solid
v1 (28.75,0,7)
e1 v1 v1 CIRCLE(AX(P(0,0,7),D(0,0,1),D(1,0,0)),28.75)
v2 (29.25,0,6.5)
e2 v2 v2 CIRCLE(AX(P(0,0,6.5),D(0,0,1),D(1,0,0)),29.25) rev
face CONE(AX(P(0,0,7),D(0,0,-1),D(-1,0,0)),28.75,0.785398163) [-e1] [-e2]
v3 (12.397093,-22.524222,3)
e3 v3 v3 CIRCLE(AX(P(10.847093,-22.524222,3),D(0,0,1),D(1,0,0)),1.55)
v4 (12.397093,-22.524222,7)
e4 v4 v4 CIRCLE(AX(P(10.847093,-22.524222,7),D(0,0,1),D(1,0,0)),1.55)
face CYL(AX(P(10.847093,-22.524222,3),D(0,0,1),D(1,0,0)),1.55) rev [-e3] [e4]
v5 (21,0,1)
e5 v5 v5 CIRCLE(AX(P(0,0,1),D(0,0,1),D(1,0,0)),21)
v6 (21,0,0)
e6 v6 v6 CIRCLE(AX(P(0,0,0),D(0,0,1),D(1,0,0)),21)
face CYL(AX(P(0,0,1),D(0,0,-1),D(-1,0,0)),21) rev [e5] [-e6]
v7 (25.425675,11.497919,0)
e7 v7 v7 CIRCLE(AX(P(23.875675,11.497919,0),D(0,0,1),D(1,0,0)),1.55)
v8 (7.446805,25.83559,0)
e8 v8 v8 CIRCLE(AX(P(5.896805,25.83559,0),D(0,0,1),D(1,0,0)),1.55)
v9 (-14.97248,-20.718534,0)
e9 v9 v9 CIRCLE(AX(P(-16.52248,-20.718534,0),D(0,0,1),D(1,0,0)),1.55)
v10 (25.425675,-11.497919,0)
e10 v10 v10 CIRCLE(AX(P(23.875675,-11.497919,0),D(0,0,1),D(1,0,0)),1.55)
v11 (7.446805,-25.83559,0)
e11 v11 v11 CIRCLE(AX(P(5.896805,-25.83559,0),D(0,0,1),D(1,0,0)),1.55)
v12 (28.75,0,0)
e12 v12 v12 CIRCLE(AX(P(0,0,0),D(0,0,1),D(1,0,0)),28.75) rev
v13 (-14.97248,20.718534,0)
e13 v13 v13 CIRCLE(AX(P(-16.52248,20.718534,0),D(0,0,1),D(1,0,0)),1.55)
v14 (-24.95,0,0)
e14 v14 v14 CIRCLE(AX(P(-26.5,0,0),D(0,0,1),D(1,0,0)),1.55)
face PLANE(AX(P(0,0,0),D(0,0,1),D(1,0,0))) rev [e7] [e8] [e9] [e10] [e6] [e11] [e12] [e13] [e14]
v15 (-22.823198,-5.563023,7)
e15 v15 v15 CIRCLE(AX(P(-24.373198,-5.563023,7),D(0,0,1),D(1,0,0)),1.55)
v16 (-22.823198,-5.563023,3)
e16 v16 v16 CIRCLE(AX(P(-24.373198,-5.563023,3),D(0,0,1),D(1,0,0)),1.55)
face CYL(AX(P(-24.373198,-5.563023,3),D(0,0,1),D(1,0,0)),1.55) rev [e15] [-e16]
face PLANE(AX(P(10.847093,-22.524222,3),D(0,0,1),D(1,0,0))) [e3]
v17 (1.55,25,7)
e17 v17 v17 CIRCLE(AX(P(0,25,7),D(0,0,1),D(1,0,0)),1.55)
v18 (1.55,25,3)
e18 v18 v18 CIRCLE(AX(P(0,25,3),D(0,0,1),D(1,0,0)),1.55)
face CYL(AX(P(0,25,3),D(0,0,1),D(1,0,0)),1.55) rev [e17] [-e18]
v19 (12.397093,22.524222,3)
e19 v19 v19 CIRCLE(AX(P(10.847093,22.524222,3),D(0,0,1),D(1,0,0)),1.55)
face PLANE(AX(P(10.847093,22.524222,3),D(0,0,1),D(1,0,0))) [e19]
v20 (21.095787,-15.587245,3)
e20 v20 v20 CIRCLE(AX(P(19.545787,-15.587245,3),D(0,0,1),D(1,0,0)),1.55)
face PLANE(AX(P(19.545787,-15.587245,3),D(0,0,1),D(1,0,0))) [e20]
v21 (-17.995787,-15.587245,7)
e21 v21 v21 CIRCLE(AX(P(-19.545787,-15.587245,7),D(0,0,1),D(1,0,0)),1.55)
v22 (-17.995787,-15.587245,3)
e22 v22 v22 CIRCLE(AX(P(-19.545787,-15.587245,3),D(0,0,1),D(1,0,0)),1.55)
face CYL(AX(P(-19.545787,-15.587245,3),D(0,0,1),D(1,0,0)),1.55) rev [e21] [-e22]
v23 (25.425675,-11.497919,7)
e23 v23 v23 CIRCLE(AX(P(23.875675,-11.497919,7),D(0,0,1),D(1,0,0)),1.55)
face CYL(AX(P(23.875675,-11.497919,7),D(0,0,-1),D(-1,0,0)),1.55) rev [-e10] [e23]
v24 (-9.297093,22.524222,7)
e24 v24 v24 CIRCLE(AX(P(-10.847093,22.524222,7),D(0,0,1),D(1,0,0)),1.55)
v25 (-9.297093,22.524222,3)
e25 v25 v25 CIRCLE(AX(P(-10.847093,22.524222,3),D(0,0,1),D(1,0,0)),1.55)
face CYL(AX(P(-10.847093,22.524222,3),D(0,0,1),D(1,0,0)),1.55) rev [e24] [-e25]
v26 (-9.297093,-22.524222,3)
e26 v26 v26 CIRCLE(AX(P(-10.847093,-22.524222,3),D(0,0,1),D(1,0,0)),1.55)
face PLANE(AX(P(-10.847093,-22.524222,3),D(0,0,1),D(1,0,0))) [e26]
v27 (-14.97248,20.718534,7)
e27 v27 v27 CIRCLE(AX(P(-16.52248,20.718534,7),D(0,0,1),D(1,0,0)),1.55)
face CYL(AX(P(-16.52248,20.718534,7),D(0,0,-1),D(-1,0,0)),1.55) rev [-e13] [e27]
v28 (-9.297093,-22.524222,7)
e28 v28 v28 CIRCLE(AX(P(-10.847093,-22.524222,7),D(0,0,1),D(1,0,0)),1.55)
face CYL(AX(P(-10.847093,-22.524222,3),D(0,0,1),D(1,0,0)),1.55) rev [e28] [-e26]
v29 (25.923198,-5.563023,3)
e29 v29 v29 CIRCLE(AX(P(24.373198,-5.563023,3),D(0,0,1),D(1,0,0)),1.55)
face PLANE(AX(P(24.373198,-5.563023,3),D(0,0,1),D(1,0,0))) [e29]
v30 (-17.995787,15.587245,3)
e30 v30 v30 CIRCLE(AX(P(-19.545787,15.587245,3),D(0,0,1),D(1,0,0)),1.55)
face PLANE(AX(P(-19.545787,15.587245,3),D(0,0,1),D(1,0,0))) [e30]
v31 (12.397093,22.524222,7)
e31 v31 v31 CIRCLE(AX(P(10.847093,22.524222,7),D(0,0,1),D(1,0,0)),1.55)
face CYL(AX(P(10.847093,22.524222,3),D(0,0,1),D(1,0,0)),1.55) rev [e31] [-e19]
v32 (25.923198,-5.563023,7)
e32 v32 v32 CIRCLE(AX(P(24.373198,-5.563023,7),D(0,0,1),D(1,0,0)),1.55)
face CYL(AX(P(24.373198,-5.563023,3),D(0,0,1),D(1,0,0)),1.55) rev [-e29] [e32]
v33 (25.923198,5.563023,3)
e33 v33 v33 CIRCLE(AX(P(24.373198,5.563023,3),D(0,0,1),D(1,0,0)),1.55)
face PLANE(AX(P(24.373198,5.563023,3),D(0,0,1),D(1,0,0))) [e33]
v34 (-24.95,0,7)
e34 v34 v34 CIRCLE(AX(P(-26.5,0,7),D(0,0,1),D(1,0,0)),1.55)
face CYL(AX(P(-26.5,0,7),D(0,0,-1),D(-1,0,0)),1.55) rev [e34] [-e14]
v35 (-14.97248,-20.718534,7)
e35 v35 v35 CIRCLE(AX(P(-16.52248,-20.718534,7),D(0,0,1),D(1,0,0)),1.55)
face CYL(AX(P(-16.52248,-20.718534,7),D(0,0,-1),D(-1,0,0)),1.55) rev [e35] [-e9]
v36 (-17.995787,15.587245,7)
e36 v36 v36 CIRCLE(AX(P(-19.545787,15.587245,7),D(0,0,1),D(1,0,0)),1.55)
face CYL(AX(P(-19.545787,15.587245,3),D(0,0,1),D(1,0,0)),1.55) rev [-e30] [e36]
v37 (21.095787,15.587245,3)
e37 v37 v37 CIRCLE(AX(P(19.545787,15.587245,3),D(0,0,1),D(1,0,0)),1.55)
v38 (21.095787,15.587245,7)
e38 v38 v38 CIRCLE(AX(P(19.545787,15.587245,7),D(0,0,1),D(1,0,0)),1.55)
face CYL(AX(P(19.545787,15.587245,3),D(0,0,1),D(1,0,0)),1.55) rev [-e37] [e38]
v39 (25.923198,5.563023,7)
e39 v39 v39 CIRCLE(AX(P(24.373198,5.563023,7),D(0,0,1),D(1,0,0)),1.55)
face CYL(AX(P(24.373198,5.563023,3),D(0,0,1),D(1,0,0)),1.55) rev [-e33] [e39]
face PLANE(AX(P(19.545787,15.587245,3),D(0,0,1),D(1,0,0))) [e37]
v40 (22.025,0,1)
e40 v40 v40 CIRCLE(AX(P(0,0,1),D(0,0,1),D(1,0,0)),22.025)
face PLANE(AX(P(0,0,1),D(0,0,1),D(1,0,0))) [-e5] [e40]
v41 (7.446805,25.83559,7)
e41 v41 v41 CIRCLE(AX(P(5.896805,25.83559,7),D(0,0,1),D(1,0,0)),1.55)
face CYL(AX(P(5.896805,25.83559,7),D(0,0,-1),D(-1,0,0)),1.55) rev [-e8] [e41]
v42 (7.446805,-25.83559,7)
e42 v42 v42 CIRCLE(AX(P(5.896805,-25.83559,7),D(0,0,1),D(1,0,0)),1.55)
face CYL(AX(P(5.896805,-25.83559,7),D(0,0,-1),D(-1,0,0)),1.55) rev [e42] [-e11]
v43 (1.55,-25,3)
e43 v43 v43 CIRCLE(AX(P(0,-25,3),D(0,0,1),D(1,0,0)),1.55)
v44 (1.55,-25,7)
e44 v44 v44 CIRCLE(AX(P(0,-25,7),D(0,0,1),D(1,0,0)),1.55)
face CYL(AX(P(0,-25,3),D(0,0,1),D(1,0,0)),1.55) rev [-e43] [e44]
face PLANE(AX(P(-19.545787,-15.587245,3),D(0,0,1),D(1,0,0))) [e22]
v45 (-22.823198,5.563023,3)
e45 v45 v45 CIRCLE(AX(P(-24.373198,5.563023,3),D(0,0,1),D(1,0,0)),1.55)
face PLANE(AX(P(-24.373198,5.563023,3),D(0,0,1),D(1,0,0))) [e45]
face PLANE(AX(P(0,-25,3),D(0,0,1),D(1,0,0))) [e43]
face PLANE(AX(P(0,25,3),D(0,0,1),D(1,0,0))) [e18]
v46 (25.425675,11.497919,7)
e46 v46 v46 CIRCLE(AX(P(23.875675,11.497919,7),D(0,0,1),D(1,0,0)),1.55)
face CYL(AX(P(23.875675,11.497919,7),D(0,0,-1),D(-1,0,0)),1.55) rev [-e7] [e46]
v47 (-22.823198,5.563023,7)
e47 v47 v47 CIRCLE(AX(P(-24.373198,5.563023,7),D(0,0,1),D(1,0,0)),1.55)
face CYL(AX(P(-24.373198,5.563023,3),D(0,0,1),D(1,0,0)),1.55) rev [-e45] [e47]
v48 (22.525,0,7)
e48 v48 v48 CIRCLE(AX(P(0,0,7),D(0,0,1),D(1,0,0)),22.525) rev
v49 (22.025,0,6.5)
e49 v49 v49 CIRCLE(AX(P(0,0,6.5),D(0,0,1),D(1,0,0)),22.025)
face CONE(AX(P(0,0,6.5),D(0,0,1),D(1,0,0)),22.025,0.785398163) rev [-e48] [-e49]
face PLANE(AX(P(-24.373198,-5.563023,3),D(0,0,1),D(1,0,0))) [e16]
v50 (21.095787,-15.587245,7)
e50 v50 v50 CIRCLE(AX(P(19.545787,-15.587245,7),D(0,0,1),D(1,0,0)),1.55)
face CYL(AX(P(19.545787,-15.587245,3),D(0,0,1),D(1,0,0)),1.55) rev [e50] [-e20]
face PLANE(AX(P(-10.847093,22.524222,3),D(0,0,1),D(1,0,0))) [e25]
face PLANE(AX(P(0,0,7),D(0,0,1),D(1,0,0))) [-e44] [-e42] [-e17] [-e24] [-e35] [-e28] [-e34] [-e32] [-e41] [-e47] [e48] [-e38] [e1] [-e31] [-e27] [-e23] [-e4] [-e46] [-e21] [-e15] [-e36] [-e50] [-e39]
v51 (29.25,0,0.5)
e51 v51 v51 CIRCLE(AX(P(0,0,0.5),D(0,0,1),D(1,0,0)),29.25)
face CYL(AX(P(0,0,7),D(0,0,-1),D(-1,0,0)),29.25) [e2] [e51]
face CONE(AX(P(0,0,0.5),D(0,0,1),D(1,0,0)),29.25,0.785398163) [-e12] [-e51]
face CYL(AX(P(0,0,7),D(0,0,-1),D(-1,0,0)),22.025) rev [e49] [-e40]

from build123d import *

# Parameters (mm, degrees)
SKETCH1_R           = 29.25
SKETCH1_R_2         = 22.025
BOSS_EXTRUDE1_DEPTH = 7
CUT_EXTRUDE1_START  = 7
SKETCH1_3_R         = 1.55
CUT_EXTRUDE1_DEPTH  = 4
SKETCH4_R           = 22.25
SKETCH4_R_2         = 21
BOSS_EXTRUDE2_DEPTH = 1
SKETCH3_R           = 1.55
CUT_EXTRUDE2_DEPTH  = 42.953843686
CHAMFER1_SIZE       = 0.5


with BuildPart() as part:
    # Sketch1 → Boss-Extrude1 (new body)
    with BuildSketch(Plane.XY):
        Circle(SKETCH1_R)
        Circle(SKETCH1_R_2, mode=Mode.SUBTRACT)
    extrude(amount=BOSS_EXTRUDE1_DEPTH)

    # Sketch1<3> → Cut-Extrude1 (cut)
    with BuildSketch(Plane.XY.offset(CUT_EXTRUDE1_START)):
        with Locations((0, 25)):
            Circle(SKETCH1_3_R)
        with Locations((10.847093478, 22.524221698)):
            Circle(SKETCH1_3_R)
        with Locations((19.545787062, 15.587245046)):
            Circle(SKETCH1_3_R)
        with Locations((24.373197805, 5.563023349)):
            Circle(SKETCH1_3_R)
        with Locations((24.373197805, -5.563023349)):
            Circle(SKETCH1_3_R)
        with Locations((19.545787062, -15.587245046)):
            Circle(SKETCH1_3_R)
        with Locations((10.847093478, -22.524221698)):
            Circle(SKETCH1_3_R)
        with Locations((0, -25)):
            Circle(SKETCH1_3_R)
        with Locations((-10.847093478, -22.524221698)):
            Circle(SKETCH1_3_R)
        with Locations((-19.545787062, -15.587245046)):
            Circle(SKETCH1_3_R)
        with Locations((-24.373197805, -5.563023349)):
            Circle(SKETCH1_3_R)
        with Locations((-24.373197805, 5.563023349)):
            Circle(SKETCH1_3_R)
        with Locations((-19.545787062, 15.587245046)):
            Circle(SKETCH1_3_R)
        with Locations((-10.847093478, 22.524221698)):
            Circle(SKETCH1_3_R)
    extrude(amount=-CUT_EXTRUDE1_DEPTH, mode=Mode.SUBTRACT)

    # Sketch4 → Boss-Extrude2 (add)
    with BuildSketch(Plane.XY):
        Circle(SKETCH4_R)
        Circle(SKETCH4_R_2, mode=Mode.SUBTRACT)
    extrude(amount=BOSS_EXTRUDE2_DEPTH)

    # Sketch3 → Cut-Extrude2 (cut, through all)
    with BuildSketch(Plane.XY):
        with Locations((5.89680475, 25.835589673)):
            Circle(SKETCH3_R)
        with Locations((23.875674999, 11.497919087)):
            Circle(SKETCH3_R)
        with Locations((23.875674999, -11.497919087)):
            Circle(SKETCH3_R)
        with Locations((5.89680475, -25.835589673)):
            Circle(SKETCH3_R)
        with Locations((-16.522479749, -20.718534285)):
            Circle(SKETCH3_R)
        with Locations((-26.5, 0)):
            Circle(SKETCH3_R)
        with Locations((-16.522479749, 20.718534285)):
            Circle(SKETCH3_R)
    extrude(amount=CUT_EXTRUDE2_DEPTH, mode=Mode.SUBTRACT)

    # Chamfer1
    chamfer1_edges = [part.edges().sort_by_distance(p)[0] for p in [
        (-22.025, 0, 7),
        (-29.25, 0, 0),
        (-29.25, 0, 7),
    ]]
    chamfer(chamfer1_edges, length=CHAMFER1_SIZE)


solid = part.part
